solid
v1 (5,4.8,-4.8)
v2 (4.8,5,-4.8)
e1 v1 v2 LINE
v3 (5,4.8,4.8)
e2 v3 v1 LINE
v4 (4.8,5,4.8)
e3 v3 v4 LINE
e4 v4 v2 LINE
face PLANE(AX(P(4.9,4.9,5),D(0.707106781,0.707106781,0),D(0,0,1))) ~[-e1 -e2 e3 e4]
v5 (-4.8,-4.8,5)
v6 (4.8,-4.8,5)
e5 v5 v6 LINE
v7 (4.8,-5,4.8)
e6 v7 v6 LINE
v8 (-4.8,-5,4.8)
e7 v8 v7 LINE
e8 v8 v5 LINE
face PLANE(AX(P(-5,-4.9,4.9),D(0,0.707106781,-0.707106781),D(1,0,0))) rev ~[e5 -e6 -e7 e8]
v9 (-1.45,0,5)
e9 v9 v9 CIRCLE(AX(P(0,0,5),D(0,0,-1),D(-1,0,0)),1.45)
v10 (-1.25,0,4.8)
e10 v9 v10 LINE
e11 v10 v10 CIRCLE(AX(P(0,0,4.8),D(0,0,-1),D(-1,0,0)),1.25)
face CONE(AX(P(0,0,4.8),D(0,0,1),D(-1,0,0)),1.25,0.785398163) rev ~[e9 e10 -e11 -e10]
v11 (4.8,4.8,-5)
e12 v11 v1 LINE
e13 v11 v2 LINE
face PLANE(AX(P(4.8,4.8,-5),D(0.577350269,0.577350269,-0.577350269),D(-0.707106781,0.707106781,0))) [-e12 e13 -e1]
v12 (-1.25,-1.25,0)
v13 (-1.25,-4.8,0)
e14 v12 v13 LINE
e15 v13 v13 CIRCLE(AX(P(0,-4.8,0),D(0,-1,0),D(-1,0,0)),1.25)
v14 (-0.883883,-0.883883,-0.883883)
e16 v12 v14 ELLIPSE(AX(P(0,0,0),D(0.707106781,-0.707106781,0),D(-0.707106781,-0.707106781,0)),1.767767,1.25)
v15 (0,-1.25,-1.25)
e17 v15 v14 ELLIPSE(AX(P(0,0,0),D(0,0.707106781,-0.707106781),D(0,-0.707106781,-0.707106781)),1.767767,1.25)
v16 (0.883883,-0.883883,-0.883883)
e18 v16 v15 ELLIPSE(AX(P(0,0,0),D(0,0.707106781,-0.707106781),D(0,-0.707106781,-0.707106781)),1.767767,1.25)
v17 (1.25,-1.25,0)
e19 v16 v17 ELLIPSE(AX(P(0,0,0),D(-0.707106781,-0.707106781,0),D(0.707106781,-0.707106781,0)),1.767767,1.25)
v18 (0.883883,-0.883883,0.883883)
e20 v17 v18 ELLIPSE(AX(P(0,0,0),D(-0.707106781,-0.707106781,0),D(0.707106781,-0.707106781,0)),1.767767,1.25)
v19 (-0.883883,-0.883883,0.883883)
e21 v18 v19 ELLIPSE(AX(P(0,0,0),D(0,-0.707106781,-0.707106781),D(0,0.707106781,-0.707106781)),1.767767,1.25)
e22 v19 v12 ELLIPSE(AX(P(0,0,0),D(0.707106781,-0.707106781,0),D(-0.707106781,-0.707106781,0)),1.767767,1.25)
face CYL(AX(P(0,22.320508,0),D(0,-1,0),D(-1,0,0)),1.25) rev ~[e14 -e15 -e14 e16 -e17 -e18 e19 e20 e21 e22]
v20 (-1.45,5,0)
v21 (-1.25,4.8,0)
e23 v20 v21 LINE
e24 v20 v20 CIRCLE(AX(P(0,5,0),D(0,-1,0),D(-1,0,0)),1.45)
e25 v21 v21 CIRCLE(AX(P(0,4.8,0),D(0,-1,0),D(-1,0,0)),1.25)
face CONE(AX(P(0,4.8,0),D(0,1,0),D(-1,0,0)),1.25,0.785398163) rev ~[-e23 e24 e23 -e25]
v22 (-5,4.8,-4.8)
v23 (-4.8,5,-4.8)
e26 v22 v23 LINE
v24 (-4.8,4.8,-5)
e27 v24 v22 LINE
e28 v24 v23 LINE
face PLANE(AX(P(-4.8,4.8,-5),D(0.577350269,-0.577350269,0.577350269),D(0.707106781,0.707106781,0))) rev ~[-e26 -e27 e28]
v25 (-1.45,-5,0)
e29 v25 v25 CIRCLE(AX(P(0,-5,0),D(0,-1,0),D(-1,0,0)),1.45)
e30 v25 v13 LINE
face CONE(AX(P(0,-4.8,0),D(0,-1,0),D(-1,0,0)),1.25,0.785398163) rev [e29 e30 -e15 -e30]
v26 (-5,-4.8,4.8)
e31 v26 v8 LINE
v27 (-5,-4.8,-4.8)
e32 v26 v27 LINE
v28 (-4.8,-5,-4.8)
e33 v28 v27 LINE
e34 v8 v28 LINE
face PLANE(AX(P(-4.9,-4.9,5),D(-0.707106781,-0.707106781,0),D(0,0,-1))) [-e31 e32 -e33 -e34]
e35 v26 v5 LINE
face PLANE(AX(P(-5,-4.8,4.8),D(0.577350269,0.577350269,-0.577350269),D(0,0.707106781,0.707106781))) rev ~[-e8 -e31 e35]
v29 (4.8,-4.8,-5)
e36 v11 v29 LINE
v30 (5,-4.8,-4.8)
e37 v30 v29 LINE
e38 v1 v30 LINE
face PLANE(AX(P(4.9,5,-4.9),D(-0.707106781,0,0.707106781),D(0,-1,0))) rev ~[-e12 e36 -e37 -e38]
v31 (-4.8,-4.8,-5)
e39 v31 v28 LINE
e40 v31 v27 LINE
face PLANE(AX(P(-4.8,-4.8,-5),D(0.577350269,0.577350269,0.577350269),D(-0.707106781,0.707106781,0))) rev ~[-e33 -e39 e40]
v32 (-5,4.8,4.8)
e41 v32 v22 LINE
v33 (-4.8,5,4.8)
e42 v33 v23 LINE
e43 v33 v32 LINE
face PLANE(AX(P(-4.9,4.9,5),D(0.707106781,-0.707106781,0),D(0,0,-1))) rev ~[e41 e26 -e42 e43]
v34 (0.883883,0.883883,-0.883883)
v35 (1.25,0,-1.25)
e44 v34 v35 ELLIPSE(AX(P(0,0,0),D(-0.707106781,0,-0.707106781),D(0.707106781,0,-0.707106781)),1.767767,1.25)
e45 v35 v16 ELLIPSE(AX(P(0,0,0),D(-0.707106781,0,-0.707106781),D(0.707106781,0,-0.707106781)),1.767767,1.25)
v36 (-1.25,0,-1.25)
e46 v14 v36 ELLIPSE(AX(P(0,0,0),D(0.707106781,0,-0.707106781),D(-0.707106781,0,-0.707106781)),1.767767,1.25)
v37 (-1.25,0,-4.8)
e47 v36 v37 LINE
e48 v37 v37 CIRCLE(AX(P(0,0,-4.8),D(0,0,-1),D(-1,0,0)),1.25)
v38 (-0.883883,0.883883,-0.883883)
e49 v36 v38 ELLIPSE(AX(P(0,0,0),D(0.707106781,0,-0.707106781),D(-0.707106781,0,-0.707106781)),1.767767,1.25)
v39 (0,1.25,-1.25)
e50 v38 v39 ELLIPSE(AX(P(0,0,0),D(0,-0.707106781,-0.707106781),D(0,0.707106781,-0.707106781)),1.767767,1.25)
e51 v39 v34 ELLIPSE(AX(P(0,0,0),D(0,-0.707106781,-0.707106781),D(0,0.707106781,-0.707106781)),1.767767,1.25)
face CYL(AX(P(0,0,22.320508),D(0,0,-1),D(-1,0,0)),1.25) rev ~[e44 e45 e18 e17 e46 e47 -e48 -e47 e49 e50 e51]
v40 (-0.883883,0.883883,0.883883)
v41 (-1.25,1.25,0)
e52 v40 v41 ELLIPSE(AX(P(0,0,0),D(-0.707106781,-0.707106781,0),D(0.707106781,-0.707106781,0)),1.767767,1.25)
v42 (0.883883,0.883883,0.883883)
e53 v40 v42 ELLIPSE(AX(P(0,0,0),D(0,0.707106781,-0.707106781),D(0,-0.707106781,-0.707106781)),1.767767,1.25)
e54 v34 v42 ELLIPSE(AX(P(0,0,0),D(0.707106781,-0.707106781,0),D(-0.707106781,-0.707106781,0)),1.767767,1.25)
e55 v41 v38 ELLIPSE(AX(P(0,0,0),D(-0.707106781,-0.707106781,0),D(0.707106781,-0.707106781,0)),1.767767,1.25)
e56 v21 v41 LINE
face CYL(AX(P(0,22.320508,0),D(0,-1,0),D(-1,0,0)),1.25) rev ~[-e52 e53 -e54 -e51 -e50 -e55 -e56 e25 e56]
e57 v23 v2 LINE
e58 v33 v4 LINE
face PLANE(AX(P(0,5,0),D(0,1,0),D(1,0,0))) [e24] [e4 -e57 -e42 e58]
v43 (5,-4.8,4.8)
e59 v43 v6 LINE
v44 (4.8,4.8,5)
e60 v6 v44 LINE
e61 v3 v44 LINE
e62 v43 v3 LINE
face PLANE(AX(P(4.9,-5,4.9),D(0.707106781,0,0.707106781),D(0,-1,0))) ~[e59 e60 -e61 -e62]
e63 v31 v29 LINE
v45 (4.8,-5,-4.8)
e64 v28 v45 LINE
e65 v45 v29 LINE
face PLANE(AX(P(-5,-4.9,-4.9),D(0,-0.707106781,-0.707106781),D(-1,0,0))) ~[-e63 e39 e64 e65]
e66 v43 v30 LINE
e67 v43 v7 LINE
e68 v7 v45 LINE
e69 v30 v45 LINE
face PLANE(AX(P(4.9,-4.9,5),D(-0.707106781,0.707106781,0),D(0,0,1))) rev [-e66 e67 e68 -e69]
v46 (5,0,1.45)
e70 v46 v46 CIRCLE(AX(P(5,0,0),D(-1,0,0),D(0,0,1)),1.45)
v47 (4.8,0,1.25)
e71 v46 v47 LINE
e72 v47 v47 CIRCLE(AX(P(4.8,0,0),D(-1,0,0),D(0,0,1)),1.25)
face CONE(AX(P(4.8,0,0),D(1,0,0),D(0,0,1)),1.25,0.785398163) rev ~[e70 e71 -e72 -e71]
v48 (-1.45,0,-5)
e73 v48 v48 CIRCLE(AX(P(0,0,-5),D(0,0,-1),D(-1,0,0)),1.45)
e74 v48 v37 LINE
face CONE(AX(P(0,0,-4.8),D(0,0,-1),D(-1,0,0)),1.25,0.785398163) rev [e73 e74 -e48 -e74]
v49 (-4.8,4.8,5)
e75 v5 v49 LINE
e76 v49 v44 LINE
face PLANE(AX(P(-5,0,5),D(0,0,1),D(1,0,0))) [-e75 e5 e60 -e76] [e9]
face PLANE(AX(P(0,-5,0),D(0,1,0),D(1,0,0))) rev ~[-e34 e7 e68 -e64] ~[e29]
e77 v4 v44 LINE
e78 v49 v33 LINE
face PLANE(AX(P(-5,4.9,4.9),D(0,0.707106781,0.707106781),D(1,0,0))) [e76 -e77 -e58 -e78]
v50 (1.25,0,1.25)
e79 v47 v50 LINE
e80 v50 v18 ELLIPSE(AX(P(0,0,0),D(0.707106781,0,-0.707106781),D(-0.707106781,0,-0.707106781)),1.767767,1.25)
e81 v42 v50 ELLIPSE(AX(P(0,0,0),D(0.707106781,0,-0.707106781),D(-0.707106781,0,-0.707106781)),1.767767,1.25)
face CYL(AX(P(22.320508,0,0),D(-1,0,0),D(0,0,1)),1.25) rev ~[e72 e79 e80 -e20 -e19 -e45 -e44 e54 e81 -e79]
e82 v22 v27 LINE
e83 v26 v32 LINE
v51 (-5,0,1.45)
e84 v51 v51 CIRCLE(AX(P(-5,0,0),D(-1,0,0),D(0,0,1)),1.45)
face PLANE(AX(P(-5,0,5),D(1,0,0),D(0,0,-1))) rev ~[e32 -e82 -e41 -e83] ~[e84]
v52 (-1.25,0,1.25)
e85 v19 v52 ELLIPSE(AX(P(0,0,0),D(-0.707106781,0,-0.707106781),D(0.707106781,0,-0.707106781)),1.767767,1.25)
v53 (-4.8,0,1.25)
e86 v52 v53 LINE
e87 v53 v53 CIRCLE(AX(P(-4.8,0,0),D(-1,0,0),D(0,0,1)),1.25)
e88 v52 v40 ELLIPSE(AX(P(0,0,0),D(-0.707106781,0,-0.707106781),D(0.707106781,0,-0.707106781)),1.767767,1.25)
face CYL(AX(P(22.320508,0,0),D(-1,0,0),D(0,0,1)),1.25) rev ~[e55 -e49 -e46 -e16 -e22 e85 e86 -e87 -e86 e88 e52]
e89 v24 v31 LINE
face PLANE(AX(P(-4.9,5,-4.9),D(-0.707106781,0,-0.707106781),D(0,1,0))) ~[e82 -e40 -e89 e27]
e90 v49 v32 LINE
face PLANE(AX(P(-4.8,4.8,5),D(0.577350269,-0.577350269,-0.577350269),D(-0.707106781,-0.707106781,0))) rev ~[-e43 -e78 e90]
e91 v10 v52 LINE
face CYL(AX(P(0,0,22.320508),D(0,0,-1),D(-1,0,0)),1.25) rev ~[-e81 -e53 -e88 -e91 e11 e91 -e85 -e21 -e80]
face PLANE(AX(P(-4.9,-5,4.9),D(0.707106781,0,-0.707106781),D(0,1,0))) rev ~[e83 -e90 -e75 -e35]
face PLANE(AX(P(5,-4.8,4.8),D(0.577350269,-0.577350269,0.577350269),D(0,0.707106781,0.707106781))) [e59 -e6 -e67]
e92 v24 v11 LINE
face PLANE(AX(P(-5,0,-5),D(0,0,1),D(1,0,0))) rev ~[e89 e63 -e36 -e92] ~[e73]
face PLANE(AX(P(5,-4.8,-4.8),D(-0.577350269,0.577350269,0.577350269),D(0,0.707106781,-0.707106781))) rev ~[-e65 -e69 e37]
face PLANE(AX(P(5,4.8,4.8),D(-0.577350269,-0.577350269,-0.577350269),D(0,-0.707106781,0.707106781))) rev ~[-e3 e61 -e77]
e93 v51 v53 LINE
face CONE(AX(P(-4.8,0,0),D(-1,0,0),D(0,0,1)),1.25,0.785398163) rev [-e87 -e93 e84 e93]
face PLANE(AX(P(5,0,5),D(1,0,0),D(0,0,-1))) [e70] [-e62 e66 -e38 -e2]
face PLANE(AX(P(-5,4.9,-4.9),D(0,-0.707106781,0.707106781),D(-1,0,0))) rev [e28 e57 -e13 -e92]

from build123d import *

# Parameters (mm, degrees)
SKETCH_1_W         = 10
SKETCH_1_H         = 10
EXTRUDE_1_DEPTH    = 5
HOLE_WIZARD_M3_1_D = 2.5
HOLE_WIZARD_M3_2_D = 2.5
HOLE_WIZARD_M3_3_D = 2.5
CHAMFER_1_SIZE     = 0.2


with BuildPart() as part:
    # 草图1 → 凸台-拉伸1 (new, symmetric)
    with BuildSketch(Plane(origin=(0, 0, 0), x_dir=(1, 0, 0), z_dir=(0, 1, 0))):
        Rectangle(SKETCH_1_W, SKETCH_1_H)
    extrude(amount=EXTRUDE_1_DEPTH, both=True)

    # M3 螺纹孔1 (through all)
    with Locations(Plane.XY.offset(5)):
        with Locations((0, 0)):
            Hole(HOLE_WIZARD_M3_1_D / 2)

    # M3 螺纹孔2 (through all)
    with Locations(Plane(origin=(0, 5, 0), x_dir=(1, 0, 0), z_dir=(0, 1, 0))):
        with Locations((0, 0)):
            Hole(HOLE_WIZARD_M3_2_D / 2)

    # M3 螺纹孔3 (through all)
    with Locations(Plane(origin=(5, 0, 0), x_dir=(0, 0, -1), z_dir=(1, 0, 0))):
        with Locations((0, 0)):
            Hole(HOLE_WIZARD_M3_3_D / 2)

    # 倒角1
    chamfer_1_edges = [part.edges().sort_by_distance(p)[0] for p in [
        (-5, 5, 0),
        (1.25, 0, 5),
        (1.25, 0, -5),
        (0, 5, 5),
        (1.25, -5, 0),
        (1.25, 5, 0),
        (-5, 0, -1.25),
        (5, 0, -1.25),
        (5, 5, 0),
        (0, -5, 5),
        (-5, -5, 0),
        (0, -5, -5),
        (5, -5, 0),
        (5, 0, 5),
        (-5, 0, 5),
        (-5, 0, -5),
        (5, 0, -5),
        (0, 5, -5),
    ]]
    chamfer(chamfer_1_edges, length=CHAMFER_1_SIZE)


solid = part.part
